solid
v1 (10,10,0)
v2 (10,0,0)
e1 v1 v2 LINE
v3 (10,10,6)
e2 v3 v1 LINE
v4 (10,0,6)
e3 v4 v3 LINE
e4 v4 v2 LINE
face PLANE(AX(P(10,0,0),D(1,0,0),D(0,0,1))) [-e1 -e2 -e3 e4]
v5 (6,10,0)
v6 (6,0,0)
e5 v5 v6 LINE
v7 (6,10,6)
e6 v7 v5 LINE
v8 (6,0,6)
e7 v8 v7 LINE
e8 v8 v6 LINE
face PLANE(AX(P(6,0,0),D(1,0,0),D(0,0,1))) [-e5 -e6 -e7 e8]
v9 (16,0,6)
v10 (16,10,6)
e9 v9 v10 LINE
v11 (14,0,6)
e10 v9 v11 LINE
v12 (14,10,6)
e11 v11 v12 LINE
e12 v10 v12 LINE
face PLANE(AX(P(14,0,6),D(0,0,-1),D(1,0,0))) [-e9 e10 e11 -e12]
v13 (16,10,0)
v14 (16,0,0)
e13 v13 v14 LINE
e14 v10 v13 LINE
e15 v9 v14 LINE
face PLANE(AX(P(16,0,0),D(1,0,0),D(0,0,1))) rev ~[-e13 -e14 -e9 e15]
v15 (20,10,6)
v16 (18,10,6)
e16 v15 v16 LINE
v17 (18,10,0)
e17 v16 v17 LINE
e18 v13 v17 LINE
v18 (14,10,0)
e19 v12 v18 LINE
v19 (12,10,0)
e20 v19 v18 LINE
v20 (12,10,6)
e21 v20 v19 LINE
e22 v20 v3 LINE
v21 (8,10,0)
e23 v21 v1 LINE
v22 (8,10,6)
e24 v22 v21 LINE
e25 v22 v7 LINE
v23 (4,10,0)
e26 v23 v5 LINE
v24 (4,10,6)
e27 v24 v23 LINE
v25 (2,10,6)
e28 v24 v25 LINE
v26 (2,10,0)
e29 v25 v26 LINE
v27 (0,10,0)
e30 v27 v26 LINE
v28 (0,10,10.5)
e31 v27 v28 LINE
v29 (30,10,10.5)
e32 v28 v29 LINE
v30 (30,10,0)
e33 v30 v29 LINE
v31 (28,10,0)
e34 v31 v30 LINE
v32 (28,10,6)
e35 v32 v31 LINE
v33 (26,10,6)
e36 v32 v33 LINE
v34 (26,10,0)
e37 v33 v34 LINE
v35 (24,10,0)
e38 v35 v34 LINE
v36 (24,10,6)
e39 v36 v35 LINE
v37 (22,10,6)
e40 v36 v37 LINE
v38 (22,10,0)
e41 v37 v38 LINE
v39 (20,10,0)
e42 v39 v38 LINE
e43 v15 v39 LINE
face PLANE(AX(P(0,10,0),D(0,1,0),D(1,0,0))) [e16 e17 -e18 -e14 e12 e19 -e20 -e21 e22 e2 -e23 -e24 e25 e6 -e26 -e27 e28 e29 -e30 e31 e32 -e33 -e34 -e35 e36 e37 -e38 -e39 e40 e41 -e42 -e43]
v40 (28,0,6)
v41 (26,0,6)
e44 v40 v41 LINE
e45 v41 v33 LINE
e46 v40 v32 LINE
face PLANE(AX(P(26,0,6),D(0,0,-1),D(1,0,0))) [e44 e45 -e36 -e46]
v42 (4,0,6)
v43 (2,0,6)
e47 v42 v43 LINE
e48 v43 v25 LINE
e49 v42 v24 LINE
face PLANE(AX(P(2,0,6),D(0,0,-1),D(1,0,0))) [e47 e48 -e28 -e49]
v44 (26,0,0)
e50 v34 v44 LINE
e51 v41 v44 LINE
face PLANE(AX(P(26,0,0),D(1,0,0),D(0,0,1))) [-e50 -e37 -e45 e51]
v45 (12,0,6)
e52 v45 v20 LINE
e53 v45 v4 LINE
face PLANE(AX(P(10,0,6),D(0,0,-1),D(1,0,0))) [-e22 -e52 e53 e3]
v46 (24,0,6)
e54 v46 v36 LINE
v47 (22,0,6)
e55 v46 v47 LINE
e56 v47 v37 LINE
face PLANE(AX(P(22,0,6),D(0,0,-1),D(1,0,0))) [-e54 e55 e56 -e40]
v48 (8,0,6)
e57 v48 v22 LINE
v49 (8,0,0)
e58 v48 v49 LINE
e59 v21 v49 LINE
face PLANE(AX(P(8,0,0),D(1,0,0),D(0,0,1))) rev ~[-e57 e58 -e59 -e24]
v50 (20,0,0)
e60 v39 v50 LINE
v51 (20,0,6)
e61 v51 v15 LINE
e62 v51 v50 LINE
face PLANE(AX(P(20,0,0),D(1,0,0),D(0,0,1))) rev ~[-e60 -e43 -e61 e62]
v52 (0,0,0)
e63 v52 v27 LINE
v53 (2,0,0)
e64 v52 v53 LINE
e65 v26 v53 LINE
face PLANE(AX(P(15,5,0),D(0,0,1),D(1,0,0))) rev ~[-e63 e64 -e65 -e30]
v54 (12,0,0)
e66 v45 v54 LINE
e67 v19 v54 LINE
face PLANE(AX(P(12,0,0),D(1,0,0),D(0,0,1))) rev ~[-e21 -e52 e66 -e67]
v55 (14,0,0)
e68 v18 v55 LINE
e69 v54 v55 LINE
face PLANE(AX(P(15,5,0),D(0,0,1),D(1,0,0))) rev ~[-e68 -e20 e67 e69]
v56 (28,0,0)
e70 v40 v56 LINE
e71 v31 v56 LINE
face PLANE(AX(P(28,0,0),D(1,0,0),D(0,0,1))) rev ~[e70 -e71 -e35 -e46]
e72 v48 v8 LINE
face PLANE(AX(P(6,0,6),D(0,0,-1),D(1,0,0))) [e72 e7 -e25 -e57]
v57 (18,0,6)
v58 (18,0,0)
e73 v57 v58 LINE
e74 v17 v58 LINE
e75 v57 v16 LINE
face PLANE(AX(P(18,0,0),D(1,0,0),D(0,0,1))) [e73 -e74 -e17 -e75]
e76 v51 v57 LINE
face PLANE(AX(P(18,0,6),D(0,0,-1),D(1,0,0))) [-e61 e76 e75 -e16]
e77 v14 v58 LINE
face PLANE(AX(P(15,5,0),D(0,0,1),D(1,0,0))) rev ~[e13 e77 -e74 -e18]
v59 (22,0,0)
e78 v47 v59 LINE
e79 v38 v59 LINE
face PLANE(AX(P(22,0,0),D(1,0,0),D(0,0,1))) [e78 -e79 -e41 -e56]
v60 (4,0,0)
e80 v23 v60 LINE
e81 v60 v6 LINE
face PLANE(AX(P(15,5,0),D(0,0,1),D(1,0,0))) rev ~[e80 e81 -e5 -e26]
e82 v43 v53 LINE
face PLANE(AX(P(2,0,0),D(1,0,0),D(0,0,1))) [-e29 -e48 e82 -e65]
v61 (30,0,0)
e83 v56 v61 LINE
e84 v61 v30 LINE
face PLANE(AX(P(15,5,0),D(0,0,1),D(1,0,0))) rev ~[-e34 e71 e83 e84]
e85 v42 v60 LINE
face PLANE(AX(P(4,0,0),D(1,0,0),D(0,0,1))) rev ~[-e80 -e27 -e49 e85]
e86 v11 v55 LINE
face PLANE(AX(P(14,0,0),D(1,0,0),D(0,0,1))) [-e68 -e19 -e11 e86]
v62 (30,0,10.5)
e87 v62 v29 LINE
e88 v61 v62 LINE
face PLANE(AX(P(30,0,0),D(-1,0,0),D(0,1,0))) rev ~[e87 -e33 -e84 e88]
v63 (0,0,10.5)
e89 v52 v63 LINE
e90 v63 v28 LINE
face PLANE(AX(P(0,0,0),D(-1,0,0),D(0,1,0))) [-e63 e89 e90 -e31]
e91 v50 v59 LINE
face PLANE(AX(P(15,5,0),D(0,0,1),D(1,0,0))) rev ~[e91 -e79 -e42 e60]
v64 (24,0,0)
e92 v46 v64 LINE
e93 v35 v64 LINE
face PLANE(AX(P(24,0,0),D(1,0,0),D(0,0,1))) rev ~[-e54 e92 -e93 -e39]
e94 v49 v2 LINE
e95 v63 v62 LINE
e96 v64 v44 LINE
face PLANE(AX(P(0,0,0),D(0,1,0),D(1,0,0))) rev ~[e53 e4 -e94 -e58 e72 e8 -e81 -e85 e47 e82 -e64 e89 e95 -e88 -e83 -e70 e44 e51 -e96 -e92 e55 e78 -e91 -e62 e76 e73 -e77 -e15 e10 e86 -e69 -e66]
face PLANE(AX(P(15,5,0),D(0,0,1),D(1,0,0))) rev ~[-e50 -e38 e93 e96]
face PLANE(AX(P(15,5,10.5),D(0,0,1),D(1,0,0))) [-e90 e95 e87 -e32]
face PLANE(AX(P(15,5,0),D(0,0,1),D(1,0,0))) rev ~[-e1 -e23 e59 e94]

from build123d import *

# Parameters (mm, degrees)
SKETCH1_W           = 30
SKETCH1_H           = 10
BOSS_EXTRUDE1_DEPTH = 10.5
SKETCH3_W           = 2
SKETCH3_H           = 6
CUT_EXTRUDE1_DEPTH  = 34.320414163
LPATTERN1_COUNT     = 13
LPATTERN1_PITCH     = 2


with BuildPart() as part:
    # Sketch1 → Boss-Extrude1 (new body)
    with BuildSketch(Plane.XY):
        with Locations((15, 5)):
            Rectangle(SKETCH1_W, SKETCH1_H)
    extrude(amount=BOSS_EXTRUDE1_DEPTH)

    # Sketch3 → Cut-Extrude1 (cut, symmetric)
    with BuildSketch(Plane.XZ):
        with Locations((3, 3)):
            Rectangle(SKETCH3_W, SKETCH3_H)
    cut_extrude1 = extrude(amount=CUT_EXTRUDE1_DEPTH, both=True, mode=Mode.SUBTRACT)

    # LPattern1: Cut-Extrude1 ×13, 6 skipped
    with Locations(*[(i * LPATTERN1_PITCH, 0, 0) for i in range(1, LPATTERN1_COUNT) if i not in (1, 3, 5, 7, 9, 11)]):
        add(cut_extrude1, mode=Mode.SUBTRACT)


solid = part.part
